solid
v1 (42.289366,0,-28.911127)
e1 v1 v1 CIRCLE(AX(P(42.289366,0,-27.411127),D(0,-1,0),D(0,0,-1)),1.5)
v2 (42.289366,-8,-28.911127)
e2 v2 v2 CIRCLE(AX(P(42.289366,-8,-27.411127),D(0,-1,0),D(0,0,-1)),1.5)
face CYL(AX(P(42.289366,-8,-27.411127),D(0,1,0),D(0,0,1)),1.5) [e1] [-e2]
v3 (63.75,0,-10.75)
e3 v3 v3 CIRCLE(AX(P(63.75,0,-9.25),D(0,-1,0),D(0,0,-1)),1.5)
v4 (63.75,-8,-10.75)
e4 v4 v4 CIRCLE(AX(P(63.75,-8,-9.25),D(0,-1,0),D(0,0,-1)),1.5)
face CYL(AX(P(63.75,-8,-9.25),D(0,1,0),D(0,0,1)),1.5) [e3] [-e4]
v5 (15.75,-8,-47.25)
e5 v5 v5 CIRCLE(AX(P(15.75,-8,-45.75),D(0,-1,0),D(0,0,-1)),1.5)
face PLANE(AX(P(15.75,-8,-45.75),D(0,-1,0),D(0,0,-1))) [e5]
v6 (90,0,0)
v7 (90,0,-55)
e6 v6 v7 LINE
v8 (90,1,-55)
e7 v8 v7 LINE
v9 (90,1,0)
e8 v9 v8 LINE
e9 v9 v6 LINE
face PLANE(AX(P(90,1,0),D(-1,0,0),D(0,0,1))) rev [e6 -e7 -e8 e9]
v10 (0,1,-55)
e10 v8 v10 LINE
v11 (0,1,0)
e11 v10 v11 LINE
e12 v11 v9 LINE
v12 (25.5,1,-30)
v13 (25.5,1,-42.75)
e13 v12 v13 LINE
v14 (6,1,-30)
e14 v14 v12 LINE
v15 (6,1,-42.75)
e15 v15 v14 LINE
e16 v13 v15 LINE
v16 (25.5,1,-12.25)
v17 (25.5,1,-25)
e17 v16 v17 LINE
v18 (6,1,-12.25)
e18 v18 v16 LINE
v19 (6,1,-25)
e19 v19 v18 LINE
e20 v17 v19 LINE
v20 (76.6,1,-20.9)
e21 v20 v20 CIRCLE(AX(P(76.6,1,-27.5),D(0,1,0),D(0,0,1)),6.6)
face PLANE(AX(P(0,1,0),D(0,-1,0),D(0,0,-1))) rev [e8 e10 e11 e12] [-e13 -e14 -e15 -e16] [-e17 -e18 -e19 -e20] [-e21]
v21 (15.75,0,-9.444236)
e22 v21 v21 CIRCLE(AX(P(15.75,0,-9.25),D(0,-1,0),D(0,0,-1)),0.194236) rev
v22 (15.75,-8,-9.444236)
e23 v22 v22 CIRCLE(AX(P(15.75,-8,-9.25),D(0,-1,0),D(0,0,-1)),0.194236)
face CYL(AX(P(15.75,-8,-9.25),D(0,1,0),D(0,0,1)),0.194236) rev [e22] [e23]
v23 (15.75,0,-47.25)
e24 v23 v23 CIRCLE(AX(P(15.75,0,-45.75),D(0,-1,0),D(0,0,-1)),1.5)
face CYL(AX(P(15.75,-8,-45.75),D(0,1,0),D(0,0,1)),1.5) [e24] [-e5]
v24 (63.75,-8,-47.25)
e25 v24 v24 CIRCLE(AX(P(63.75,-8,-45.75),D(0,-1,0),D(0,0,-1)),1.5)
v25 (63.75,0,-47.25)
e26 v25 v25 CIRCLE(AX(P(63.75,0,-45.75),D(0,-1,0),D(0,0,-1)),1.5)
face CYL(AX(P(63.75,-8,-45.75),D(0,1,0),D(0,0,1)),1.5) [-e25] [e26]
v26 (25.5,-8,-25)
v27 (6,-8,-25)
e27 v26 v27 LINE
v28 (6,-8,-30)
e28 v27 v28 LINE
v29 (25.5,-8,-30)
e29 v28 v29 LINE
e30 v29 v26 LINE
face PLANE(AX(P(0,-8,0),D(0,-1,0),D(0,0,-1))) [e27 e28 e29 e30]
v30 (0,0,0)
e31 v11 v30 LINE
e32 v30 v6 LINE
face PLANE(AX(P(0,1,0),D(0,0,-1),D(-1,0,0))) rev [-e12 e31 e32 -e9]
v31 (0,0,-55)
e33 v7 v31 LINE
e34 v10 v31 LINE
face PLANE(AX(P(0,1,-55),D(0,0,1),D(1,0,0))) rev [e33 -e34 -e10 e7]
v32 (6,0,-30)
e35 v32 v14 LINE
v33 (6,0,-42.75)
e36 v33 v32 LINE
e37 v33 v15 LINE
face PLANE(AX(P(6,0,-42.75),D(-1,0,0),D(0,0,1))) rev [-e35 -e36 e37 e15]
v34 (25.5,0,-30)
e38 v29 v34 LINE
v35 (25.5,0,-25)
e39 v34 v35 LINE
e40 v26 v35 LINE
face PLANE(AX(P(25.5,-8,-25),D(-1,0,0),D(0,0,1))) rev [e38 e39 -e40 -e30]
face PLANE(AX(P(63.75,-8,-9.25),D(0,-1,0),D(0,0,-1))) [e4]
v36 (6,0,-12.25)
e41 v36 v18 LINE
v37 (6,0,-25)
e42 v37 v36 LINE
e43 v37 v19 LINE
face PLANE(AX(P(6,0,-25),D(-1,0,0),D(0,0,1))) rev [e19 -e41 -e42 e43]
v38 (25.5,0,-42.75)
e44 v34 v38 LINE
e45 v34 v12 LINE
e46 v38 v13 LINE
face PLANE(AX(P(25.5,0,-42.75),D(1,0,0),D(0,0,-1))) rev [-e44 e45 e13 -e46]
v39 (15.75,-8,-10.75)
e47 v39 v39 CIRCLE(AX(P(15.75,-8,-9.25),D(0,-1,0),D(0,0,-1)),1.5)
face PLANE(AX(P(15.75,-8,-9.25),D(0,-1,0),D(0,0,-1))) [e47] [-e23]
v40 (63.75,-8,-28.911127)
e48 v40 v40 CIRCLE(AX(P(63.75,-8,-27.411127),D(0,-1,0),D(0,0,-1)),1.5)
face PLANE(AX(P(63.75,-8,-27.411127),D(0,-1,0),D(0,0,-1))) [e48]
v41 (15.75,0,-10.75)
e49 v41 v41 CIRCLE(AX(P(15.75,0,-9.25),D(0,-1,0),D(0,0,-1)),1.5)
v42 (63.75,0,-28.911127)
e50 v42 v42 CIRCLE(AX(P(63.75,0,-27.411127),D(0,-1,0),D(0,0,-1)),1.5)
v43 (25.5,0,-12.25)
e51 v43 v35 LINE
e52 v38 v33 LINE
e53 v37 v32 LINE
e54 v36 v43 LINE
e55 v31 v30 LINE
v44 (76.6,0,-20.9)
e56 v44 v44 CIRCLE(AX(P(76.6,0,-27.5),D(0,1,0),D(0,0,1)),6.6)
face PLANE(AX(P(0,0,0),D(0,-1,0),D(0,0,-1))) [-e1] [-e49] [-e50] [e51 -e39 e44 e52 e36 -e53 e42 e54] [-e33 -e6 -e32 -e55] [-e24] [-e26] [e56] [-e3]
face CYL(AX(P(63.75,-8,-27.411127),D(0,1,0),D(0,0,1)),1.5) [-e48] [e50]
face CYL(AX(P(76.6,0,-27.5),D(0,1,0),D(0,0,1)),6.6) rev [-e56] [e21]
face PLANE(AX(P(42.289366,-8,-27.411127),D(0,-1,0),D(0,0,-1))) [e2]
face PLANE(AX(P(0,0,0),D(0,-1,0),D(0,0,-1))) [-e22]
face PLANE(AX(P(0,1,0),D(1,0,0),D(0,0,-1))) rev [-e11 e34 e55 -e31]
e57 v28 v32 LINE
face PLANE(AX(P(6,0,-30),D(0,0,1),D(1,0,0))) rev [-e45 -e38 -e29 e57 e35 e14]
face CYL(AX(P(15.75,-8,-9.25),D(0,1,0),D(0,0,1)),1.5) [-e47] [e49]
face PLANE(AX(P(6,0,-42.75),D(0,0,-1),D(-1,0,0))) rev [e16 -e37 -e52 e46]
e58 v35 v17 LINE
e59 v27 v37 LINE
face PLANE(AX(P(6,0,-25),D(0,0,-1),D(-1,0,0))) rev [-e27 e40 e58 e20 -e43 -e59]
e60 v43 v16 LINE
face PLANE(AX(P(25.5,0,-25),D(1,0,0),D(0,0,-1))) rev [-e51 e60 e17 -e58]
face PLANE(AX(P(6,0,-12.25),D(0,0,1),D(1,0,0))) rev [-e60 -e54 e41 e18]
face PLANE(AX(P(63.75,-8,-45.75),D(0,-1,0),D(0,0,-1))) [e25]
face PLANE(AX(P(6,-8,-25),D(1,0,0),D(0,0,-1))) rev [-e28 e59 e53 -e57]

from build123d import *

# Parameters (mm, degrees)
SKETCH1_W           = 90
SKETCH1_H           = 55
BOSS_EXTRUDE1_DEPTH = 1
SKETCH2_R           = 6.6
SKETCH2_W           = 19.5
SKETCH2_H           = 12.75
CUT_EXTRUDE1_DEPTH  = 106.479855897
SKETCH3_R           = 1.5
SKETCH3_R_2         = 0.194235627
SKETCH3_W           = 19.5
SKETCH3_H           = 5
BOSS_EXTRUDE4_DEPTH = 8


with BuildPart() as part:
    # Sketch1 → Boss-Extrude1 (new body)
    with BuildSketch(Plane(origin=(0, 0, 0), x_dir=(1, 0, 0), z_dir=(0, 1, 0))):
        with Locations((45, 27.5)):
            Rectangle(SKETCH1_W, SKETCH1_H)
    extrude(amount=BOSS_EXTRUDE1_DEPTH)

    # Sketch2 → Cut-Extrude1 (cut, through all)
    with BuildSketch(Plane(origin=(0, 1, 0), x_dir=(1, 0, 0), z_dir=(0, 1, 0))):
        with Locations((76.6, 27.5)):
            Circle(SKETCH2_R)
        with Locations((15.75, 36.375)):
            Rectangle(SKETCH2_W, SKETCH2_H)
        with Locations((15.75, 18.625)):
            Rectangle(SKETCH2_W, SKETCH2_H)
    extrude(amount=-CUT_EXTRUDE1_DEPTH, mode=Mode.SUBTRACT)

    # Sketch3 → Boss-Extrude4 (add)
    # profile 1 of 7: a face of its own
    with BuildSketch(Plane.XZ):
        with Locations((15.75, -9.25)):
            Circle(SKETCH3_R)
        with Locations((15.75, -9.25)):
            Circle(SKETCH3_R_2, mode=Mode.SUBTRACT)
    # profile 2 of 7: a face of its own
    with BuildSketch(Plane.XZ):
        with Locations((15.75, -45.75)):
            Circle(SKETCH3_R)
    # profile 3 of 7: a face of its own
    with BuildSketch(Plane.XZ):
        with Locations((63.75, -9.25)):
            Circle(SKETCH3_R)
    # profile 4 of 7: a face of its own
    with BuildSketch(Plane.XZ):
        with Locations((63.75, -45.75)):
            Circle(SKETCH3_R)
    # profile 5 of 7: a face of its own
    with BuildSketch(Plane.XZ):
        with Locations((63.75, -27.411126752)):
            Circle(SKETCH3_R)
    # profile 6 of 7: a face of its own
    with BuildSketch(Plane.XZ):
        with Locations((42.289365933, -27.411126752)):
            Circle(SKETCH3_R)
    # profile 7 of 7: a face of its own
    with BuildSketch(Plane.XZ):
        with Locations((15.75, -27.5)):
            Rectangle(SKETCH3_W, SKETCH3_H)
    extrude(amount=BOSS_EXTRUDE4_DEPTH)


solid = part.part
